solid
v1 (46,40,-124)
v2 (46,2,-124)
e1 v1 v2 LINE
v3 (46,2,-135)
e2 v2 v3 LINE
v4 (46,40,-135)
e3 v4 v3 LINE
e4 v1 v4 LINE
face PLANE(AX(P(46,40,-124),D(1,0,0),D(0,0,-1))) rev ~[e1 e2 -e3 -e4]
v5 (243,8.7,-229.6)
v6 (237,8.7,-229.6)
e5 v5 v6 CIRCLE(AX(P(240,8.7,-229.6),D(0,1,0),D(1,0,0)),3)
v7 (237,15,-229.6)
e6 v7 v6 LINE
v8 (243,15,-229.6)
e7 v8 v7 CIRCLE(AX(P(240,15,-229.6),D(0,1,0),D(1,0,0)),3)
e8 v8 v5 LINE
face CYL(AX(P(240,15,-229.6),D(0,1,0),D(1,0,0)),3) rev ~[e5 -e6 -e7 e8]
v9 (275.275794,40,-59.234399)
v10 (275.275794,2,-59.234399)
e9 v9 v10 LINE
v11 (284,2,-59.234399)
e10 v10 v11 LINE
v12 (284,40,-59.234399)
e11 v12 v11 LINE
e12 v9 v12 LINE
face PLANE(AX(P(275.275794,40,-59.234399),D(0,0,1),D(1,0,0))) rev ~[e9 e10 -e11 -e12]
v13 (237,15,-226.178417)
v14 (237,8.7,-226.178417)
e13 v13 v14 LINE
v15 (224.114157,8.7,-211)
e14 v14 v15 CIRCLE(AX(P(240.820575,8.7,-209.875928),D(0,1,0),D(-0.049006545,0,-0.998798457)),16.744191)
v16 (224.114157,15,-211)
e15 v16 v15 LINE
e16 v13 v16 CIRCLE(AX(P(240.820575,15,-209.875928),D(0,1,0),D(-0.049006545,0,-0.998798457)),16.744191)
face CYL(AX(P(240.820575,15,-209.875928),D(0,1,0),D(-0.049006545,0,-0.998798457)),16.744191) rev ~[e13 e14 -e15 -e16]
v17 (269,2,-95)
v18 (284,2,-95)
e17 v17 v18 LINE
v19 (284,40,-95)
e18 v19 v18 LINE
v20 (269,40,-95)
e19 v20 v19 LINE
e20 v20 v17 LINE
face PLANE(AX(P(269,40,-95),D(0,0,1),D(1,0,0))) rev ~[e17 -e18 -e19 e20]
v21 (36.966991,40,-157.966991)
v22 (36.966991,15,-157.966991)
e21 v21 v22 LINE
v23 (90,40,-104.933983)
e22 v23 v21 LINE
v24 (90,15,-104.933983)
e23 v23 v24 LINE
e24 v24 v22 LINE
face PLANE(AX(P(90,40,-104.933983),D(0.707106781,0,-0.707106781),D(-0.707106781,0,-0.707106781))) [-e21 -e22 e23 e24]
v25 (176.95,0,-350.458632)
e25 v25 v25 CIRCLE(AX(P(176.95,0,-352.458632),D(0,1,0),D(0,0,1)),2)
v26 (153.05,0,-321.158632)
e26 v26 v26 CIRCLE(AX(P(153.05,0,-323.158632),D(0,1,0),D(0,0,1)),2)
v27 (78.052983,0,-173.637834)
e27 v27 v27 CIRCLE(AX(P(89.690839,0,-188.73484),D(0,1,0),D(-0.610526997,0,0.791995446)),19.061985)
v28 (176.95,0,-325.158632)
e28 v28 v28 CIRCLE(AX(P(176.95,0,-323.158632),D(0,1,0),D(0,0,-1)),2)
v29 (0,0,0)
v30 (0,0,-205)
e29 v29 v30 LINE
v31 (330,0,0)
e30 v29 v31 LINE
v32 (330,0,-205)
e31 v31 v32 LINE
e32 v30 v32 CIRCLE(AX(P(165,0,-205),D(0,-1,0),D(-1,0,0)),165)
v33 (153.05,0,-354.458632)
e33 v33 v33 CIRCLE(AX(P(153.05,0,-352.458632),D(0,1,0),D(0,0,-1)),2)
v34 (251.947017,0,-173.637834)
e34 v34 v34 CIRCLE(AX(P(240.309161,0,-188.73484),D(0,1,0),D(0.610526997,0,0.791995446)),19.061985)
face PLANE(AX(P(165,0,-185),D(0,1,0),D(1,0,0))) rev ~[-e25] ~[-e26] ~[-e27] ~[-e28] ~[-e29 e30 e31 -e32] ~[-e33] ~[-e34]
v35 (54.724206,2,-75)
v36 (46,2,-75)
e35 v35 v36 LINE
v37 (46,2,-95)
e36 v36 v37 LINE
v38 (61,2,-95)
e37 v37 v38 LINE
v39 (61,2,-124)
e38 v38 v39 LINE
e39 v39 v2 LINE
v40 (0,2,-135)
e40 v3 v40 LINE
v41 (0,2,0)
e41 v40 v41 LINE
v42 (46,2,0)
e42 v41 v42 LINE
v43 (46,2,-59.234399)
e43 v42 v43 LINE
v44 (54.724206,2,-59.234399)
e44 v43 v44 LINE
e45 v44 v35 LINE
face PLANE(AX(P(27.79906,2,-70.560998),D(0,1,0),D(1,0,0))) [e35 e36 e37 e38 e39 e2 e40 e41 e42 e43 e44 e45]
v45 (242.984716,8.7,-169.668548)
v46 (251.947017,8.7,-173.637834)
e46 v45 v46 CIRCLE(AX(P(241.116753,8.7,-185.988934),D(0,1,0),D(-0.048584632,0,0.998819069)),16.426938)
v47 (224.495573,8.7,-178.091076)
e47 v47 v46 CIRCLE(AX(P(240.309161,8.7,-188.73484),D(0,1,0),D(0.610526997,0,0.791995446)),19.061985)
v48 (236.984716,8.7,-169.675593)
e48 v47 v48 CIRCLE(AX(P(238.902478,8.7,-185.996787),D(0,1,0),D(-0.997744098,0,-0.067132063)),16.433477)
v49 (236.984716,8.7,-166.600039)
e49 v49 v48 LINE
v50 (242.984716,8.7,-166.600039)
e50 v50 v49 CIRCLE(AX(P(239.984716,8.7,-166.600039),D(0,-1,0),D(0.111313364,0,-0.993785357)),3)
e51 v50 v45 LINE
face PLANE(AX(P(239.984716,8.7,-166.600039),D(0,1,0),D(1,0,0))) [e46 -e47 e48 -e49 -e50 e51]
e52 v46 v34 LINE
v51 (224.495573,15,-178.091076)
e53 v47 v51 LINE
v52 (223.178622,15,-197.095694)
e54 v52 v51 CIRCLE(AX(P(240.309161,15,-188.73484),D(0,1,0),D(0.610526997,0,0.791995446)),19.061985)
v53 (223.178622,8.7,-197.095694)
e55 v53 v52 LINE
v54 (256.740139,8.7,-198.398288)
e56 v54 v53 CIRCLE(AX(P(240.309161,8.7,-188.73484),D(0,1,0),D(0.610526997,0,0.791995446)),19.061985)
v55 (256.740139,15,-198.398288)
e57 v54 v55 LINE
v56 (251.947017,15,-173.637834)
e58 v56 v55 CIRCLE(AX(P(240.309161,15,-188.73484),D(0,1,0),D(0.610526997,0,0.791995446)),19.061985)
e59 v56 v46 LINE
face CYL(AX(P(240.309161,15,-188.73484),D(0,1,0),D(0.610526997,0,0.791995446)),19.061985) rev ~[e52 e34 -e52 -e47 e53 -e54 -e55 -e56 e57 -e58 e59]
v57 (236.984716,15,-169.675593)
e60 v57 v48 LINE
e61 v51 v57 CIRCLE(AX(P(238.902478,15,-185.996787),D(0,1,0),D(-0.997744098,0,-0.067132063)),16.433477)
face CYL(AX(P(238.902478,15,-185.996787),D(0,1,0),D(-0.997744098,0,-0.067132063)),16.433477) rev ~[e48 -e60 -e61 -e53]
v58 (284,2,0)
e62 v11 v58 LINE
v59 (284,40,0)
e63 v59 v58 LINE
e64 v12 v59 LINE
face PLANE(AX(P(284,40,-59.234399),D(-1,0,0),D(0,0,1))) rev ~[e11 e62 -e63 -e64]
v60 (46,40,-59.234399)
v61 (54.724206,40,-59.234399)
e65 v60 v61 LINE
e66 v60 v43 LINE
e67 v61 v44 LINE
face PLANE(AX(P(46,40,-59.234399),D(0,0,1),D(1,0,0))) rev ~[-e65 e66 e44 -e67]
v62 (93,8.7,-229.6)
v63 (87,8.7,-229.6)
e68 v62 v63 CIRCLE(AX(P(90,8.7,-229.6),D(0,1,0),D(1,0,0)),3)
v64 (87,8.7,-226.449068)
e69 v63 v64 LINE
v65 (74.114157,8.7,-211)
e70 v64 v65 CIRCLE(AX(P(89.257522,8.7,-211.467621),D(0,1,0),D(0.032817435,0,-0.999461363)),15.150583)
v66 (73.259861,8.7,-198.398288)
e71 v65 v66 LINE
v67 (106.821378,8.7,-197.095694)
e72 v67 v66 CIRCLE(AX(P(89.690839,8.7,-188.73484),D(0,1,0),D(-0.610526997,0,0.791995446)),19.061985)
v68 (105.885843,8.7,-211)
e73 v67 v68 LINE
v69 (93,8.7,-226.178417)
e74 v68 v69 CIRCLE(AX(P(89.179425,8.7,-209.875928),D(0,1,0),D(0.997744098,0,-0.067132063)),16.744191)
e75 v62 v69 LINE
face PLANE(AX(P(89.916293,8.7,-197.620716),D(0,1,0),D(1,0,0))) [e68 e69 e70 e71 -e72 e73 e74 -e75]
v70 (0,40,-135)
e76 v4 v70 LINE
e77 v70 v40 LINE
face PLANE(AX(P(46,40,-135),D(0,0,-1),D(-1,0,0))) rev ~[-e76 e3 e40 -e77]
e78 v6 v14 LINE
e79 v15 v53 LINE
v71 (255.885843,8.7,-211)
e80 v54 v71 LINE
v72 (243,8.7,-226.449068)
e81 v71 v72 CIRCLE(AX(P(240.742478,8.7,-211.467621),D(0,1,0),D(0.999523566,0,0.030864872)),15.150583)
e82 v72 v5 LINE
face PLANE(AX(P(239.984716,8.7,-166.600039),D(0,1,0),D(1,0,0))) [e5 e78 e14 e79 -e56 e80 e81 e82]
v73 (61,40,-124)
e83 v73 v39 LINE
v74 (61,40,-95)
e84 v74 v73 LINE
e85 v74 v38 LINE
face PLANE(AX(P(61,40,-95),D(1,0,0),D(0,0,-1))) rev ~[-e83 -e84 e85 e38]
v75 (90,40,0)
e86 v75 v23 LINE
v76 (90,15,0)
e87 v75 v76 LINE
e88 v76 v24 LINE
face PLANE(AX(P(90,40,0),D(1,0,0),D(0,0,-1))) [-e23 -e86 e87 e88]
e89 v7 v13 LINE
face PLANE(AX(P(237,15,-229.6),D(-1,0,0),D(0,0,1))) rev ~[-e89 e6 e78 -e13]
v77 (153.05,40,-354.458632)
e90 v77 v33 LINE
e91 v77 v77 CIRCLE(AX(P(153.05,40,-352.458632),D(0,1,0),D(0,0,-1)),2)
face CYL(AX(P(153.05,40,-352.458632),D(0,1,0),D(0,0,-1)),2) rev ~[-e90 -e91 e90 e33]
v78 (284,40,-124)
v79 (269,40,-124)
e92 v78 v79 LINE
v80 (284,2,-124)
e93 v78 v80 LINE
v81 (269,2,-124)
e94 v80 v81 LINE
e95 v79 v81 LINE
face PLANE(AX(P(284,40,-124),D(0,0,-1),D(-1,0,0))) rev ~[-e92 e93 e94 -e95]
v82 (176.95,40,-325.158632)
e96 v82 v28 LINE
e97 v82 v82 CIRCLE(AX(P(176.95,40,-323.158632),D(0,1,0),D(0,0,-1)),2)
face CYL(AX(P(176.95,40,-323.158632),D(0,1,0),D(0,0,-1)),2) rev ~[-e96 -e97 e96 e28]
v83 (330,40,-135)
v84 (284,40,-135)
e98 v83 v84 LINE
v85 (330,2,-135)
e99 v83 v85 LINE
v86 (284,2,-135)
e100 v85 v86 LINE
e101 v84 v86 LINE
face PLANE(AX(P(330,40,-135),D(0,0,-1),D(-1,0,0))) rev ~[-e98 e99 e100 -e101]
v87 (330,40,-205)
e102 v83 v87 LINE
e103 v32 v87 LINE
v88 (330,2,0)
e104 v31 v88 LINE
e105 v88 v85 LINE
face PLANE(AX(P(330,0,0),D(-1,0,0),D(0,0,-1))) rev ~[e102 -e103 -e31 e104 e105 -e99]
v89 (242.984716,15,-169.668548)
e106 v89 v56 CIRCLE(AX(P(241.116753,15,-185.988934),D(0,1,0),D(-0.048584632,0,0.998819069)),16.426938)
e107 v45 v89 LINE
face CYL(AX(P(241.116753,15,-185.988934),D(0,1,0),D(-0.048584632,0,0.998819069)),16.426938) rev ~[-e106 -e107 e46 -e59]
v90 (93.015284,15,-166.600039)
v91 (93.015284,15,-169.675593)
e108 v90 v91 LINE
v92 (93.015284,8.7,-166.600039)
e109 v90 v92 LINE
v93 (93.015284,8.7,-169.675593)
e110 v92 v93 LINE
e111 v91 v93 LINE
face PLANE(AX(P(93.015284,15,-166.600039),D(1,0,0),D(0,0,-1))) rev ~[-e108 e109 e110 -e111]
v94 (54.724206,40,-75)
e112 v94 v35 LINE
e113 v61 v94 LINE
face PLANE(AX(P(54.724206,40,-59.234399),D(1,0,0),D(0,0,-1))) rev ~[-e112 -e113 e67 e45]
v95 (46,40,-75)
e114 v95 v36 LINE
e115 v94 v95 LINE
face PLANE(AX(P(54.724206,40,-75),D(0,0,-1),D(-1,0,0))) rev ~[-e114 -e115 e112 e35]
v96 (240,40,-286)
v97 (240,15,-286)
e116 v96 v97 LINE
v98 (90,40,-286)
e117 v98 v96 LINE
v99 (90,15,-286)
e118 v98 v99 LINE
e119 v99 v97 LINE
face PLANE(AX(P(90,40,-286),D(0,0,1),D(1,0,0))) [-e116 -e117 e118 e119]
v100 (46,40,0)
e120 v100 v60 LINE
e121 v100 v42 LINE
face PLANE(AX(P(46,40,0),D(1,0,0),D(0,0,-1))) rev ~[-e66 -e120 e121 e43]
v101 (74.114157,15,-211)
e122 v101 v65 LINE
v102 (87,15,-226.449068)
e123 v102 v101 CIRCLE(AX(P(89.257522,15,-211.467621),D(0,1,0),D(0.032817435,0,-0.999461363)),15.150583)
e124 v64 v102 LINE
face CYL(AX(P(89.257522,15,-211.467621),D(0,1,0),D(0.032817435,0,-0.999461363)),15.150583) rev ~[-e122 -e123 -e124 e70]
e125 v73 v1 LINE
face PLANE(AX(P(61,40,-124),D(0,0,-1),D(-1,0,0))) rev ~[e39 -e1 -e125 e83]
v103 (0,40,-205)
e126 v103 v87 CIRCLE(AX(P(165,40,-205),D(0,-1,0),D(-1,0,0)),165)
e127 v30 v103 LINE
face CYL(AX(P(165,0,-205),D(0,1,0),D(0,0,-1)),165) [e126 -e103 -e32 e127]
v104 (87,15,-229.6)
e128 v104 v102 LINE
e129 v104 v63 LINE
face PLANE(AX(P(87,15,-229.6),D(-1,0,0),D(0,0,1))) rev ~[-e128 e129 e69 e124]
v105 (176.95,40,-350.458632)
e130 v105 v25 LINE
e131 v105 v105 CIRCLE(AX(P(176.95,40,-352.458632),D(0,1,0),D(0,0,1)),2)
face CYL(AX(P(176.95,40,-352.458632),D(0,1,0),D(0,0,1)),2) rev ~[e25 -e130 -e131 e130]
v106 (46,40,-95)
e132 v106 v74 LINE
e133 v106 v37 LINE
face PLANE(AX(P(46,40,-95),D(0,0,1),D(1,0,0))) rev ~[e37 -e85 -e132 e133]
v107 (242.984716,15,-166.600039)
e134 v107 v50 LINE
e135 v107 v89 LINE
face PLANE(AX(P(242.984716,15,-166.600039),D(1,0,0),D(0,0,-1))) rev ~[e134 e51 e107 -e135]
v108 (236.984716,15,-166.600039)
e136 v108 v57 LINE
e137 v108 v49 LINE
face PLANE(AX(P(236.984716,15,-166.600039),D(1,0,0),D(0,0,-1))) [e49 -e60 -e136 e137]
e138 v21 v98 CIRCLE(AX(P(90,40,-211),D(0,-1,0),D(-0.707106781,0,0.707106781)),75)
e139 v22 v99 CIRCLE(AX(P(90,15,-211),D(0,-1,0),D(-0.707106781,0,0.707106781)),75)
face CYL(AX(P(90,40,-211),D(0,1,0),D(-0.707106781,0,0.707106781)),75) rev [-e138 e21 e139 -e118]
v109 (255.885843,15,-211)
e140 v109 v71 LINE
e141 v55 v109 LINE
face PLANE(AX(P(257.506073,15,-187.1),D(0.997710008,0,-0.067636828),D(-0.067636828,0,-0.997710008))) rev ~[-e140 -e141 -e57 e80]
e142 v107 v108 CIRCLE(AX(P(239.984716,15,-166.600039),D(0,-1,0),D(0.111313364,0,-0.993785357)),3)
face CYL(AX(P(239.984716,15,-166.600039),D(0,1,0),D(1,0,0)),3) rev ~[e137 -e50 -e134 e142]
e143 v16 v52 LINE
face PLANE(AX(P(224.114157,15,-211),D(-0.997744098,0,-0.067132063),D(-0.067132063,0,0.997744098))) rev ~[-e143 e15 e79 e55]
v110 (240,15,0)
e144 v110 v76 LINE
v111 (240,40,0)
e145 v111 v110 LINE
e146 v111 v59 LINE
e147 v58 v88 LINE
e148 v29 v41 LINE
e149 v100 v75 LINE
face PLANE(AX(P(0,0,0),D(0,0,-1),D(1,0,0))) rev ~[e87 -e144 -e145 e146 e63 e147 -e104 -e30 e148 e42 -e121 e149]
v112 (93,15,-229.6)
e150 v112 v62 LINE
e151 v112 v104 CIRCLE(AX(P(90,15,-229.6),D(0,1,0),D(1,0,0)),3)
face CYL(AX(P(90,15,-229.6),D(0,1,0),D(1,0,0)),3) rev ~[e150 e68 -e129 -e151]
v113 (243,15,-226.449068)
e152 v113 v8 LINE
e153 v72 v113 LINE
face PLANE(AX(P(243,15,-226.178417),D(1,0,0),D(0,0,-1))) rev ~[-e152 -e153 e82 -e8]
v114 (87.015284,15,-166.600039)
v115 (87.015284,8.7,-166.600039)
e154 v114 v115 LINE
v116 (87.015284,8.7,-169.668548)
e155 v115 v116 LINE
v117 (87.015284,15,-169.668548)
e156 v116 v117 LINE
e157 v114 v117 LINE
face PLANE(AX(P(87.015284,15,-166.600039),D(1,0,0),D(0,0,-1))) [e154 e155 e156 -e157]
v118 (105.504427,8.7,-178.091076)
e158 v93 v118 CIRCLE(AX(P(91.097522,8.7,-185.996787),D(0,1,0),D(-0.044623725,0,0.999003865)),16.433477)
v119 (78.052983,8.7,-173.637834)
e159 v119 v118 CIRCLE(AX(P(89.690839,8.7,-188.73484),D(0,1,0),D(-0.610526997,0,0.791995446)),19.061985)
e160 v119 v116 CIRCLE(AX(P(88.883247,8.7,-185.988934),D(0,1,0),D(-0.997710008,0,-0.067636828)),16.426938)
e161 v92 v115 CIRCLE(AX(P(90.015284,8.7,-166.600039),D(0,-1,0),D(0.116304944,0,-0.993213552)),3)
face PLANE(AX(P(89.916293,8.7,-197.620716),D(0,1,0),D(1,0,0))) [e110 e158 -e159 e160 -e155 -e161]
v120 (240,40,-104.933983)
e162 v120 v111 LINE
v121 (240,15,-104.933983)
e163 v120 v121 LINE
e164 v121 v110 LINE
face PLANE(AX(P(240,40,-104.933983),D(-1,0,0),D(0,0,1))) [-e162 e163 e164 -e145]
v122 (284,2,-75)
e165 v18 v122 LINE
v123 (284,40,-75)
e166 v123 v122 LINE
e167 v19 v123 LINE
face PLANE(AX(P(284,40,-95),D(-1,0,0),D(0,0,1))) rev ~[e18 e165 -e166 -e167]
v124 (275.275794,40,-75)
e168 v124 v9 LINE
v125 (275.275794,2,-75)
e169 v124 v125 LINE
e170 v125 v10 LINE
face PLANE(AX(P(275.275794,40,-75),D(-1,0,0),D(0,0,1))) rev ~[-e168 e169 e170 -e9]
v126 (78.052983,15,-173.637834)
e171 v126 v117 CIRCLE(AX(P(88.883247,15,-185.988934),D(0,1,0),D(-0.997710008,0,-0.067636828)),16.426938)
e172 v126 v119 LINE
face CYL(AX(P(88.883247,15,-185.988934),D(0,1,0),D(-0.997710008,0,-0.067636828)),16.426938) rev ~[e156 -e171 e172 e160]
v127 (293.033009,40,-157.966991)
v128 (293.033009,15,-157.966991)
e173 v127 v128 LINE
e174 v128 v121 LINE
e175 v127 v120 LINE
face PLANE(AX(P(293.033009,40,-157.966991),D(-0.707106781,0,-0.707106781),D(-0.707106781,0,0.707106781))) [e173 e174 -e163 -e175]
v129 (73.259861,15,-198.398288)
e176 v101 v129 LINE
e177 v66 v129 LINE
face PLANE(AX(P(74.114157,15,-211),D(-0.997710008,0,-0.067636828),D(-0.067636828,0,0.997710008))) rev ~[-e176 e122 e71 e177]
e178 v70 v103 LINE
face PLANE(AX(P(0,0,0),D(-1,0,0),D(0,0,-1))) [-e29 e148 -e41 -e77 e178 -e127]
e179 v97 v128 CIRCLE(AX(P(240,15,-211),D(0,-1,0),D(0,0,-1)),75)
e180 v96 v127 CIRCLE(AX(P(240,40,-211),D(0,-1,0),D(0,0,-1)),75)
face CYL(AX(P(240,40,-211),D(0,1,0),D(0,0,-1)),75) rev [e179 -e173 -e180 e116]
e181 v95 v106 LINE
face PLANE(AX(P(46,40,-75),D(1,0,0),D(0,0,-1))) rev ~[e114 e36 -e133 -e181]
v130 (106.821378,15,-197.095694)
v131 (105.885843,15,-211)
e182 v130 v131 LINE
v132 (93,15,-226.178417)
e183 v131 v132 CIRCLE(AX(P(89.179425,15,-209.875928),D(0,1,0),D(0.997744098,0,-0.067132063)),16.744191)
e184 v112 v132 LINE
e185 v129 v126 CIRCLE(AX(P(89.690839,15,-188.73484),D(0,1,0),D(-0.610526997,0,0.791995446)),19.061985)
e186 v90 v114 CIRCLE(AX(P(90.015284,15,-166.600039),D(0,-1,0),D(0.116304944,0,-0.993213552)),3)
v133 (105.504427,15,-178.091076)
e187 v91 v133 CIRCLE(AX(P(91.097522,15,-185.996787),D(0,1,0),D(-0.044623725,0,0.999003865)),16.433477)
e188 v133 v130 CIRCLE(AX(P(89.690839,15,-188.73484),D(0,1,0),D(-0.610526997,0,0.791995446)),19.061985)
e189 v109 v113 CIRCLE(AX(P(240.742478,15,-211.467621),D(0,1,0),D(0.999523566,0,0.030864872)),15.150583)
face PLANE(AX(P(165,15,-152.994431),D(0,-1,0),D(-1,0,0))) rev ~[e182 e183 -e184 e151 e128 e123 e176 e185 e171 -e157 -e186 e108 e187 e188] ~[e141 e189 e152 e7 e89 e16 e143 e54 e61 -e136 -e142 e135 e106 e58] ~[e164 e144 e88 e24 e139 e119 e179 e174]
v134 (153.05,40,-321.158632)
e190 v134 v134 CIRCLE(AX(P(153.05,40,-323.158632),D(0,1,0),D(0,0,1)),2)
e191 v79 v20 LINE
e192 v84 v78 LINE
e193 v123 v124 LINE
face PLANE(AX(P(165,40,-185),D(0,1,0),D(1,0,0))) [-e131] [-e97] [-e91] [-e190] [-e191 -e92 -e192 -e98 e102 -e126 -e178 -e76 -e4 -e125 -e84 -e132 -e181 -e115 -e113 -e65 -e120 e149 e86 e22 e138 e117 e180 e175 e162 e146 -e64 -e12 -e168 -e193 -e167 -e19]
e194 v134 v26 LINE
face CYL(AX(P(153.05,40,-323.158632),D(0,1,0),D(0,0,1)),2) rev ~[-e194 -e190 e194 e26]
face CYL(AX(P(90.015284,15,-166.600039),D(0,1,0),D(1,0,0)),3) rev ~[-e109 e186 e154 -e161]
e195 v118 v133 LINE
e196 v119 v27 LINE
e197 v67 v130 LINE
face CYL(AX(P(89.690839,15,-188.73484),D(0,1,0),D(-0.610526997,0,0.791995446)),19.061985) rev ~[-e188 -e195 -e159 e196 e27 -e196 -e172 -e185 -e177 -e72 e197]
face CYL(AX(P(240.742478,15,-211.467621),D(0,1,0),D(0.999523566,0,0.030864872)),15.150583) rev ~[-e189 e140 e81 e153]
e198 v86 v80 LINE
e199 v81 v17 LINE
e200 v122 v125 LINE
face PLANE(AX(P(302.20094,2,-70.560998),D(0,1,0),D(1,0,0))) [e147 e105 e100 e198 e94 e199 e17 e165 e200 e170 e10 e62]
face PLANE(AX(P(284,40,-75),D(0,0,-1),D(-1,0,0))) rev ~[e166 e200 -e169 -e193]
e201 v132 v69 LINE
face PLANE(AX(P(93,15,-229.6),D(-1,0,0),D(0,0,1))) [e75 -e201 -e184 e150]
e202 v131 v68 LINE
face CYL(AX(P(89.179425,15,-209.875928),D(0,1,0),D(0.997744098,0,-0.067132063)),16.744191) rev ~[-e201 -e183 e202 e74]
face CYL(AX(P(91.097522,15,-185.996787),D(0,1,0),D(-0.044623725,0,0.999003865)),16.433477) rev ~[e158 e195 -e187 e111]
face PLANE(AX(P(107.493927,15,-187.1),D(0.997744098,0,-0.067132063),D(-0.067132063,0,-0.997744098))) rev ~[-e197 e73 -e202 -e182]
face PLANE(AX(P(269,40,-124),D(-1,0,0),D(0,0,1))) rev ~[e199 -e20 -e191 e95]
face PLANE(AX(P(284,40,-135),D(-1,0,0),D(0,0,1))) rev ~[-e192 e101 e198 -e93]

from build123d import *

# Parameters (mm, degrees)
ESQUISSE1_W              = 330
ESQUISSE1_H              = 370
CORP_DEPTH               = 40
CONG_AVANT_RADIUS        = 165
CONG_AVANT_LENGTH        = 40
TROU_POUR_ROUE_DEPTH     = 38
ESQUISSE4_R              = 2
TROU_POUR_ROULETTE_DEPTH = 50
TROU_POUR_BALAYEUR_DEPTH = 25
MOTEUR_PALE_DEPTH        = 6.3
ESQUISSE7_R              = 3
ENL_V_MAT_EXTRU_10_DEPTH = 6.3
ESQUISSE8_W              = 6
ESQUISSE8_H              = 3.075554286
ENL_V_MAT_EXTRU_11_DEPTH = 6.3
ESQUISSE9_R              = 19.061984771
ENL_V_MAT_EXTRU_12_DEPTH = 33


with BuildPart() as part:
    # Esquisse1 → corp (new body)
    with BuildSketch(Plane(origin=(0, 0, 0), x_dir=(1, 0, 0), z_dir=(0, 1, 0))):
        with Locations((165, 185)):
            Rectangle(ESQUISSE1_W, ESQUISSE1_H)
    extrude(amount=CORP_DEPTH)

    # congé avant: full round fillet: the end face becomes a half cylinder, R = half its width
    cong_avant_face = Plane((165, 20, -370), x_dir=(0, 1, 0), z_dir=(0, 0, -1))  # on the end face: x along it, z out of the body
    cong_avant_slab = cong_avant_face.offset(-CONG_AVANT_RADIUS / 2) * Box(CONG_AVANT_LENGTH, 2 * CONG_AVANT_RADIUS, CONG_AVANT_RADIUS, mode=Mode.PRIVATE)  # the body's end, R deep
    cong_avant_round = Plane((165, 20, -205), x_dir=(0, 0, -1), z_dir=(0, 1, 0)) * Cylinder(CONG_AVANT_RADIUS, CONG_AVANT_LENGTH, mode=Mode.PRIVATE)  # its axis R under the face
    add(cong_avant_slab - cong_avant_round, mode=Mode.SUBTRACT)

    # Esquisse3 → trou pour roue (cut)
    with BuildSketch(Plane(origin=(0, 40, 0), x_dir=(1, 0, 0), z_dir=(0, 1, 0))):
        Polygon((46, 124), (46, 135), (0, 135), (0, 0), (46, 0), (46, 59.234399469), (54.724206143, 59.234399469), (54.724206143, 75), (46, 75), (46, 95), (61, 95), (61, 124), align=None)
        Polygon((284, 95), (284, 75), (275.275793857, 75), (275.275793857, 59.234399469), (284, 59.234399469), (284, 0), (330, 0), (330, 135), (284, 135), (284, 124), (269, 124), (269, 95), align=None)
    extrude(amount=-TROU_POUR_ROUE_DEPTH, mode=Mode.SUBTRACT)

    # Esquisse4 → trou pour roulette (cut)
    with BuildSketch(Plane(origin=(0, 40, 0), x_dir=(1, 0, 0), z_dir=(0, 1, 0))):
        with Locations(Location((176.95, 352.458632269, 0), (0, 0, 270))):
            Circle(ESQUISSE4_R)
        with Locations(Location((176.95, 323.158632269, 0), (0, 0, 90))):
            Circle(ESQUISSE4_R)
        with Locations(Location((153.05, 323.158632269, 0), (0, 0, 270))):
            Circle(ESQUISSE4_R)
        with Locations(Location((153.05, 352.458632269, 0), (0, 0, 90))):
            Circle(ESQUISSE4_R)
    extrude(amount=-TROU_POUR_ROULETTE_DEPTH, mode=Mode.SUBTRACT)

    # Esquisse5 → Trou pour balayeur (cut)
    with BuildSketch(Plane(origin=(0, 40, 0), x_dir=(1, 0, 0), z_dir=(0, 1, 0))):
        with BuildLine():
            Line((90, 286), (240, 286))
            ThreePointArc((240, 286), (309.290964938, 239.701257427), (293.033008589, 157.966991411))
            Line((293.033008589, 157.966991411), (240, 104.933982822))
            Line((240, 104.933982822), (240, 0))
            Line((240, 0), (90, 0))
            Line((90, 0), (90, 104.933982822))
            Line((90, 104.933982822), (36.966991411, 157.966991411))
            ThreePointArc((36.966991411, 157.966991411), (20.709035062, 239.701257427), (90, 286))
        make_face()
    extrude(amount=-TROU_POUR_BALAYEUR_DEPTH, mode=Mode.SUBTRACT)

    # Esquisse6 → moteur pale (cut)
    with BuildSketch(Plane(origin=(0, 15, 0), x_dir=(1, 0, 0), z_dir=(0, 1, 0))):
        with BuildLine():
            Line((257.506073255, 187.1), (255.885842754, 211))
            ThreePointArc((255.885842754, 211), (251.445088501, 222.191160152), (240.245274455, 226.610043405))
            ThreePointArc((240.245274455, 226.610043405), (240.122739998, 226.602511903), (240, 226.6))
            ThreePointArc((240, 226.6), (229.088615697, 221.822854824), (224.114157246, 211))
            Line((224.114157246, 211), (222.506073255, 187.1))
            ThreePointArc((222.506073255, 187.1), (227.152012558, 174.508282489), (239.63580106, 169.57967959))
            ThreePointArc((239.63580106, 169.57967959), (239.977179555, 169.600029468), (240.318655983, 169.581395004))
            ThreePointArc((240.318655983, 169.581395004), (252.842661862, 174.484702191), (257.506073255, 187.1))
        make_face()
        with BuildLine():
            ThreePointArc((89.754725545, 226.610043405), (78.554911499, 222.191160152), (74.114157246, 211))
            Line((74.114157246, 211), (72.493926745, 187.1))
            ThreePointArc((72.493926745, 187.1), (77.157338138, 174.484702191), (89.681344017, 169.581395004))
            ThreePointArc((89.681344017, 169.581395004), (90.022820445, 169.600029468), (90.36419894, 169.57967959))
            ThreePointArc((90.36419894, 169.57967959), (102.847987442, 174.508282489), (107.493926745, 187.1))
            Line((107.493926745, 187.1), (105.885842754, 211))
            ThreePointArc((105.885842754, 211), (100.911384303, 221.822854824), (90, 226.6))
            ThreePointArc((90, 226.6), (89.877260002, 226.602511903), (89.754725545, 226.610043405))
        make_face()
    extrude(amount=-MOTEUR_PALE_DEPTH, mode=Mode.SUBTRACT)

    # Esquisse7 → Enlèv. mat.-Extru.10 (cut)
    with BuildSketch(Plane(origin=(0, 15, 0), x_dir=(1, 0, 0), z_dir=(0, 1, 0))):
        with Locations((240, 229.6)):
            Circle(ESQUISSE7_R)
        with Locations((90, 229.6)):
            Circle(ESQUISSE7_R)
        with Locations((90.015284108, 166.600038934)):
            Circle(ESQUISSE7_R)
        with Locations((239.984715892, 166.600038934)):
            Circle(ESQUISSE7_R)
    extrude(amount=-ENL_V_MAT_EXTRU_10_DEPTH, mode=Mode.SUBTRACT)

    # Esquisse8 → Enlèv. mat.-Extru.11 (cut)
    with BuildSketch(Plane(origin=(0, 15, 0), x_dir=(1, 0, 0), z_dir=(0, 1, 0))):
        Polygon((93, 229.6), (93, 226.178416603), (87, 226.178416603), (87, 226.449068216), (87, 229.6), align=None)
        Polygon((237, 226.178416603), (243, 226.178416603), (243, 226.449068216), (243, 229.6), (237, 229.6), align=None)
        with Locations((90.015284108, 168.137816077)):
            Rectangle(ESQUISSE8_W, ESQUISSE8_H)
        with Locations((239.984715892, 168.137816077)):
            Rectangle(ESQUISSE8_W, ESQUISSE8_H)
    extrude(amount=-ENL_V_MAT_EXTRU_11_DEPTH, mode=Mode.SUBTRACT)

    # Esquisse9 → Enlèv. mat.-Extru.12 (cut)
    with BuildSketch(Plane(origin=(0, 15, 0), x_dir=(1, 0, 0), z_dir=(0, 1, 0))):
        with Locations(Location((240.309161112, 188.734839537, 0), (0, 0, 307.62761802))):
            Circle(ESQUISSE9_R)
        with Locations(Location((89.690838888, 188.734839537, 0), (0, 0, 232.37238198))):
            Circle(ESQUISSE9_R)
    extrude(amount=-ENL_V_MAT_EXTRU_12_DEPTH, mode=Mode.SUBTRACT)


solid = part.part
